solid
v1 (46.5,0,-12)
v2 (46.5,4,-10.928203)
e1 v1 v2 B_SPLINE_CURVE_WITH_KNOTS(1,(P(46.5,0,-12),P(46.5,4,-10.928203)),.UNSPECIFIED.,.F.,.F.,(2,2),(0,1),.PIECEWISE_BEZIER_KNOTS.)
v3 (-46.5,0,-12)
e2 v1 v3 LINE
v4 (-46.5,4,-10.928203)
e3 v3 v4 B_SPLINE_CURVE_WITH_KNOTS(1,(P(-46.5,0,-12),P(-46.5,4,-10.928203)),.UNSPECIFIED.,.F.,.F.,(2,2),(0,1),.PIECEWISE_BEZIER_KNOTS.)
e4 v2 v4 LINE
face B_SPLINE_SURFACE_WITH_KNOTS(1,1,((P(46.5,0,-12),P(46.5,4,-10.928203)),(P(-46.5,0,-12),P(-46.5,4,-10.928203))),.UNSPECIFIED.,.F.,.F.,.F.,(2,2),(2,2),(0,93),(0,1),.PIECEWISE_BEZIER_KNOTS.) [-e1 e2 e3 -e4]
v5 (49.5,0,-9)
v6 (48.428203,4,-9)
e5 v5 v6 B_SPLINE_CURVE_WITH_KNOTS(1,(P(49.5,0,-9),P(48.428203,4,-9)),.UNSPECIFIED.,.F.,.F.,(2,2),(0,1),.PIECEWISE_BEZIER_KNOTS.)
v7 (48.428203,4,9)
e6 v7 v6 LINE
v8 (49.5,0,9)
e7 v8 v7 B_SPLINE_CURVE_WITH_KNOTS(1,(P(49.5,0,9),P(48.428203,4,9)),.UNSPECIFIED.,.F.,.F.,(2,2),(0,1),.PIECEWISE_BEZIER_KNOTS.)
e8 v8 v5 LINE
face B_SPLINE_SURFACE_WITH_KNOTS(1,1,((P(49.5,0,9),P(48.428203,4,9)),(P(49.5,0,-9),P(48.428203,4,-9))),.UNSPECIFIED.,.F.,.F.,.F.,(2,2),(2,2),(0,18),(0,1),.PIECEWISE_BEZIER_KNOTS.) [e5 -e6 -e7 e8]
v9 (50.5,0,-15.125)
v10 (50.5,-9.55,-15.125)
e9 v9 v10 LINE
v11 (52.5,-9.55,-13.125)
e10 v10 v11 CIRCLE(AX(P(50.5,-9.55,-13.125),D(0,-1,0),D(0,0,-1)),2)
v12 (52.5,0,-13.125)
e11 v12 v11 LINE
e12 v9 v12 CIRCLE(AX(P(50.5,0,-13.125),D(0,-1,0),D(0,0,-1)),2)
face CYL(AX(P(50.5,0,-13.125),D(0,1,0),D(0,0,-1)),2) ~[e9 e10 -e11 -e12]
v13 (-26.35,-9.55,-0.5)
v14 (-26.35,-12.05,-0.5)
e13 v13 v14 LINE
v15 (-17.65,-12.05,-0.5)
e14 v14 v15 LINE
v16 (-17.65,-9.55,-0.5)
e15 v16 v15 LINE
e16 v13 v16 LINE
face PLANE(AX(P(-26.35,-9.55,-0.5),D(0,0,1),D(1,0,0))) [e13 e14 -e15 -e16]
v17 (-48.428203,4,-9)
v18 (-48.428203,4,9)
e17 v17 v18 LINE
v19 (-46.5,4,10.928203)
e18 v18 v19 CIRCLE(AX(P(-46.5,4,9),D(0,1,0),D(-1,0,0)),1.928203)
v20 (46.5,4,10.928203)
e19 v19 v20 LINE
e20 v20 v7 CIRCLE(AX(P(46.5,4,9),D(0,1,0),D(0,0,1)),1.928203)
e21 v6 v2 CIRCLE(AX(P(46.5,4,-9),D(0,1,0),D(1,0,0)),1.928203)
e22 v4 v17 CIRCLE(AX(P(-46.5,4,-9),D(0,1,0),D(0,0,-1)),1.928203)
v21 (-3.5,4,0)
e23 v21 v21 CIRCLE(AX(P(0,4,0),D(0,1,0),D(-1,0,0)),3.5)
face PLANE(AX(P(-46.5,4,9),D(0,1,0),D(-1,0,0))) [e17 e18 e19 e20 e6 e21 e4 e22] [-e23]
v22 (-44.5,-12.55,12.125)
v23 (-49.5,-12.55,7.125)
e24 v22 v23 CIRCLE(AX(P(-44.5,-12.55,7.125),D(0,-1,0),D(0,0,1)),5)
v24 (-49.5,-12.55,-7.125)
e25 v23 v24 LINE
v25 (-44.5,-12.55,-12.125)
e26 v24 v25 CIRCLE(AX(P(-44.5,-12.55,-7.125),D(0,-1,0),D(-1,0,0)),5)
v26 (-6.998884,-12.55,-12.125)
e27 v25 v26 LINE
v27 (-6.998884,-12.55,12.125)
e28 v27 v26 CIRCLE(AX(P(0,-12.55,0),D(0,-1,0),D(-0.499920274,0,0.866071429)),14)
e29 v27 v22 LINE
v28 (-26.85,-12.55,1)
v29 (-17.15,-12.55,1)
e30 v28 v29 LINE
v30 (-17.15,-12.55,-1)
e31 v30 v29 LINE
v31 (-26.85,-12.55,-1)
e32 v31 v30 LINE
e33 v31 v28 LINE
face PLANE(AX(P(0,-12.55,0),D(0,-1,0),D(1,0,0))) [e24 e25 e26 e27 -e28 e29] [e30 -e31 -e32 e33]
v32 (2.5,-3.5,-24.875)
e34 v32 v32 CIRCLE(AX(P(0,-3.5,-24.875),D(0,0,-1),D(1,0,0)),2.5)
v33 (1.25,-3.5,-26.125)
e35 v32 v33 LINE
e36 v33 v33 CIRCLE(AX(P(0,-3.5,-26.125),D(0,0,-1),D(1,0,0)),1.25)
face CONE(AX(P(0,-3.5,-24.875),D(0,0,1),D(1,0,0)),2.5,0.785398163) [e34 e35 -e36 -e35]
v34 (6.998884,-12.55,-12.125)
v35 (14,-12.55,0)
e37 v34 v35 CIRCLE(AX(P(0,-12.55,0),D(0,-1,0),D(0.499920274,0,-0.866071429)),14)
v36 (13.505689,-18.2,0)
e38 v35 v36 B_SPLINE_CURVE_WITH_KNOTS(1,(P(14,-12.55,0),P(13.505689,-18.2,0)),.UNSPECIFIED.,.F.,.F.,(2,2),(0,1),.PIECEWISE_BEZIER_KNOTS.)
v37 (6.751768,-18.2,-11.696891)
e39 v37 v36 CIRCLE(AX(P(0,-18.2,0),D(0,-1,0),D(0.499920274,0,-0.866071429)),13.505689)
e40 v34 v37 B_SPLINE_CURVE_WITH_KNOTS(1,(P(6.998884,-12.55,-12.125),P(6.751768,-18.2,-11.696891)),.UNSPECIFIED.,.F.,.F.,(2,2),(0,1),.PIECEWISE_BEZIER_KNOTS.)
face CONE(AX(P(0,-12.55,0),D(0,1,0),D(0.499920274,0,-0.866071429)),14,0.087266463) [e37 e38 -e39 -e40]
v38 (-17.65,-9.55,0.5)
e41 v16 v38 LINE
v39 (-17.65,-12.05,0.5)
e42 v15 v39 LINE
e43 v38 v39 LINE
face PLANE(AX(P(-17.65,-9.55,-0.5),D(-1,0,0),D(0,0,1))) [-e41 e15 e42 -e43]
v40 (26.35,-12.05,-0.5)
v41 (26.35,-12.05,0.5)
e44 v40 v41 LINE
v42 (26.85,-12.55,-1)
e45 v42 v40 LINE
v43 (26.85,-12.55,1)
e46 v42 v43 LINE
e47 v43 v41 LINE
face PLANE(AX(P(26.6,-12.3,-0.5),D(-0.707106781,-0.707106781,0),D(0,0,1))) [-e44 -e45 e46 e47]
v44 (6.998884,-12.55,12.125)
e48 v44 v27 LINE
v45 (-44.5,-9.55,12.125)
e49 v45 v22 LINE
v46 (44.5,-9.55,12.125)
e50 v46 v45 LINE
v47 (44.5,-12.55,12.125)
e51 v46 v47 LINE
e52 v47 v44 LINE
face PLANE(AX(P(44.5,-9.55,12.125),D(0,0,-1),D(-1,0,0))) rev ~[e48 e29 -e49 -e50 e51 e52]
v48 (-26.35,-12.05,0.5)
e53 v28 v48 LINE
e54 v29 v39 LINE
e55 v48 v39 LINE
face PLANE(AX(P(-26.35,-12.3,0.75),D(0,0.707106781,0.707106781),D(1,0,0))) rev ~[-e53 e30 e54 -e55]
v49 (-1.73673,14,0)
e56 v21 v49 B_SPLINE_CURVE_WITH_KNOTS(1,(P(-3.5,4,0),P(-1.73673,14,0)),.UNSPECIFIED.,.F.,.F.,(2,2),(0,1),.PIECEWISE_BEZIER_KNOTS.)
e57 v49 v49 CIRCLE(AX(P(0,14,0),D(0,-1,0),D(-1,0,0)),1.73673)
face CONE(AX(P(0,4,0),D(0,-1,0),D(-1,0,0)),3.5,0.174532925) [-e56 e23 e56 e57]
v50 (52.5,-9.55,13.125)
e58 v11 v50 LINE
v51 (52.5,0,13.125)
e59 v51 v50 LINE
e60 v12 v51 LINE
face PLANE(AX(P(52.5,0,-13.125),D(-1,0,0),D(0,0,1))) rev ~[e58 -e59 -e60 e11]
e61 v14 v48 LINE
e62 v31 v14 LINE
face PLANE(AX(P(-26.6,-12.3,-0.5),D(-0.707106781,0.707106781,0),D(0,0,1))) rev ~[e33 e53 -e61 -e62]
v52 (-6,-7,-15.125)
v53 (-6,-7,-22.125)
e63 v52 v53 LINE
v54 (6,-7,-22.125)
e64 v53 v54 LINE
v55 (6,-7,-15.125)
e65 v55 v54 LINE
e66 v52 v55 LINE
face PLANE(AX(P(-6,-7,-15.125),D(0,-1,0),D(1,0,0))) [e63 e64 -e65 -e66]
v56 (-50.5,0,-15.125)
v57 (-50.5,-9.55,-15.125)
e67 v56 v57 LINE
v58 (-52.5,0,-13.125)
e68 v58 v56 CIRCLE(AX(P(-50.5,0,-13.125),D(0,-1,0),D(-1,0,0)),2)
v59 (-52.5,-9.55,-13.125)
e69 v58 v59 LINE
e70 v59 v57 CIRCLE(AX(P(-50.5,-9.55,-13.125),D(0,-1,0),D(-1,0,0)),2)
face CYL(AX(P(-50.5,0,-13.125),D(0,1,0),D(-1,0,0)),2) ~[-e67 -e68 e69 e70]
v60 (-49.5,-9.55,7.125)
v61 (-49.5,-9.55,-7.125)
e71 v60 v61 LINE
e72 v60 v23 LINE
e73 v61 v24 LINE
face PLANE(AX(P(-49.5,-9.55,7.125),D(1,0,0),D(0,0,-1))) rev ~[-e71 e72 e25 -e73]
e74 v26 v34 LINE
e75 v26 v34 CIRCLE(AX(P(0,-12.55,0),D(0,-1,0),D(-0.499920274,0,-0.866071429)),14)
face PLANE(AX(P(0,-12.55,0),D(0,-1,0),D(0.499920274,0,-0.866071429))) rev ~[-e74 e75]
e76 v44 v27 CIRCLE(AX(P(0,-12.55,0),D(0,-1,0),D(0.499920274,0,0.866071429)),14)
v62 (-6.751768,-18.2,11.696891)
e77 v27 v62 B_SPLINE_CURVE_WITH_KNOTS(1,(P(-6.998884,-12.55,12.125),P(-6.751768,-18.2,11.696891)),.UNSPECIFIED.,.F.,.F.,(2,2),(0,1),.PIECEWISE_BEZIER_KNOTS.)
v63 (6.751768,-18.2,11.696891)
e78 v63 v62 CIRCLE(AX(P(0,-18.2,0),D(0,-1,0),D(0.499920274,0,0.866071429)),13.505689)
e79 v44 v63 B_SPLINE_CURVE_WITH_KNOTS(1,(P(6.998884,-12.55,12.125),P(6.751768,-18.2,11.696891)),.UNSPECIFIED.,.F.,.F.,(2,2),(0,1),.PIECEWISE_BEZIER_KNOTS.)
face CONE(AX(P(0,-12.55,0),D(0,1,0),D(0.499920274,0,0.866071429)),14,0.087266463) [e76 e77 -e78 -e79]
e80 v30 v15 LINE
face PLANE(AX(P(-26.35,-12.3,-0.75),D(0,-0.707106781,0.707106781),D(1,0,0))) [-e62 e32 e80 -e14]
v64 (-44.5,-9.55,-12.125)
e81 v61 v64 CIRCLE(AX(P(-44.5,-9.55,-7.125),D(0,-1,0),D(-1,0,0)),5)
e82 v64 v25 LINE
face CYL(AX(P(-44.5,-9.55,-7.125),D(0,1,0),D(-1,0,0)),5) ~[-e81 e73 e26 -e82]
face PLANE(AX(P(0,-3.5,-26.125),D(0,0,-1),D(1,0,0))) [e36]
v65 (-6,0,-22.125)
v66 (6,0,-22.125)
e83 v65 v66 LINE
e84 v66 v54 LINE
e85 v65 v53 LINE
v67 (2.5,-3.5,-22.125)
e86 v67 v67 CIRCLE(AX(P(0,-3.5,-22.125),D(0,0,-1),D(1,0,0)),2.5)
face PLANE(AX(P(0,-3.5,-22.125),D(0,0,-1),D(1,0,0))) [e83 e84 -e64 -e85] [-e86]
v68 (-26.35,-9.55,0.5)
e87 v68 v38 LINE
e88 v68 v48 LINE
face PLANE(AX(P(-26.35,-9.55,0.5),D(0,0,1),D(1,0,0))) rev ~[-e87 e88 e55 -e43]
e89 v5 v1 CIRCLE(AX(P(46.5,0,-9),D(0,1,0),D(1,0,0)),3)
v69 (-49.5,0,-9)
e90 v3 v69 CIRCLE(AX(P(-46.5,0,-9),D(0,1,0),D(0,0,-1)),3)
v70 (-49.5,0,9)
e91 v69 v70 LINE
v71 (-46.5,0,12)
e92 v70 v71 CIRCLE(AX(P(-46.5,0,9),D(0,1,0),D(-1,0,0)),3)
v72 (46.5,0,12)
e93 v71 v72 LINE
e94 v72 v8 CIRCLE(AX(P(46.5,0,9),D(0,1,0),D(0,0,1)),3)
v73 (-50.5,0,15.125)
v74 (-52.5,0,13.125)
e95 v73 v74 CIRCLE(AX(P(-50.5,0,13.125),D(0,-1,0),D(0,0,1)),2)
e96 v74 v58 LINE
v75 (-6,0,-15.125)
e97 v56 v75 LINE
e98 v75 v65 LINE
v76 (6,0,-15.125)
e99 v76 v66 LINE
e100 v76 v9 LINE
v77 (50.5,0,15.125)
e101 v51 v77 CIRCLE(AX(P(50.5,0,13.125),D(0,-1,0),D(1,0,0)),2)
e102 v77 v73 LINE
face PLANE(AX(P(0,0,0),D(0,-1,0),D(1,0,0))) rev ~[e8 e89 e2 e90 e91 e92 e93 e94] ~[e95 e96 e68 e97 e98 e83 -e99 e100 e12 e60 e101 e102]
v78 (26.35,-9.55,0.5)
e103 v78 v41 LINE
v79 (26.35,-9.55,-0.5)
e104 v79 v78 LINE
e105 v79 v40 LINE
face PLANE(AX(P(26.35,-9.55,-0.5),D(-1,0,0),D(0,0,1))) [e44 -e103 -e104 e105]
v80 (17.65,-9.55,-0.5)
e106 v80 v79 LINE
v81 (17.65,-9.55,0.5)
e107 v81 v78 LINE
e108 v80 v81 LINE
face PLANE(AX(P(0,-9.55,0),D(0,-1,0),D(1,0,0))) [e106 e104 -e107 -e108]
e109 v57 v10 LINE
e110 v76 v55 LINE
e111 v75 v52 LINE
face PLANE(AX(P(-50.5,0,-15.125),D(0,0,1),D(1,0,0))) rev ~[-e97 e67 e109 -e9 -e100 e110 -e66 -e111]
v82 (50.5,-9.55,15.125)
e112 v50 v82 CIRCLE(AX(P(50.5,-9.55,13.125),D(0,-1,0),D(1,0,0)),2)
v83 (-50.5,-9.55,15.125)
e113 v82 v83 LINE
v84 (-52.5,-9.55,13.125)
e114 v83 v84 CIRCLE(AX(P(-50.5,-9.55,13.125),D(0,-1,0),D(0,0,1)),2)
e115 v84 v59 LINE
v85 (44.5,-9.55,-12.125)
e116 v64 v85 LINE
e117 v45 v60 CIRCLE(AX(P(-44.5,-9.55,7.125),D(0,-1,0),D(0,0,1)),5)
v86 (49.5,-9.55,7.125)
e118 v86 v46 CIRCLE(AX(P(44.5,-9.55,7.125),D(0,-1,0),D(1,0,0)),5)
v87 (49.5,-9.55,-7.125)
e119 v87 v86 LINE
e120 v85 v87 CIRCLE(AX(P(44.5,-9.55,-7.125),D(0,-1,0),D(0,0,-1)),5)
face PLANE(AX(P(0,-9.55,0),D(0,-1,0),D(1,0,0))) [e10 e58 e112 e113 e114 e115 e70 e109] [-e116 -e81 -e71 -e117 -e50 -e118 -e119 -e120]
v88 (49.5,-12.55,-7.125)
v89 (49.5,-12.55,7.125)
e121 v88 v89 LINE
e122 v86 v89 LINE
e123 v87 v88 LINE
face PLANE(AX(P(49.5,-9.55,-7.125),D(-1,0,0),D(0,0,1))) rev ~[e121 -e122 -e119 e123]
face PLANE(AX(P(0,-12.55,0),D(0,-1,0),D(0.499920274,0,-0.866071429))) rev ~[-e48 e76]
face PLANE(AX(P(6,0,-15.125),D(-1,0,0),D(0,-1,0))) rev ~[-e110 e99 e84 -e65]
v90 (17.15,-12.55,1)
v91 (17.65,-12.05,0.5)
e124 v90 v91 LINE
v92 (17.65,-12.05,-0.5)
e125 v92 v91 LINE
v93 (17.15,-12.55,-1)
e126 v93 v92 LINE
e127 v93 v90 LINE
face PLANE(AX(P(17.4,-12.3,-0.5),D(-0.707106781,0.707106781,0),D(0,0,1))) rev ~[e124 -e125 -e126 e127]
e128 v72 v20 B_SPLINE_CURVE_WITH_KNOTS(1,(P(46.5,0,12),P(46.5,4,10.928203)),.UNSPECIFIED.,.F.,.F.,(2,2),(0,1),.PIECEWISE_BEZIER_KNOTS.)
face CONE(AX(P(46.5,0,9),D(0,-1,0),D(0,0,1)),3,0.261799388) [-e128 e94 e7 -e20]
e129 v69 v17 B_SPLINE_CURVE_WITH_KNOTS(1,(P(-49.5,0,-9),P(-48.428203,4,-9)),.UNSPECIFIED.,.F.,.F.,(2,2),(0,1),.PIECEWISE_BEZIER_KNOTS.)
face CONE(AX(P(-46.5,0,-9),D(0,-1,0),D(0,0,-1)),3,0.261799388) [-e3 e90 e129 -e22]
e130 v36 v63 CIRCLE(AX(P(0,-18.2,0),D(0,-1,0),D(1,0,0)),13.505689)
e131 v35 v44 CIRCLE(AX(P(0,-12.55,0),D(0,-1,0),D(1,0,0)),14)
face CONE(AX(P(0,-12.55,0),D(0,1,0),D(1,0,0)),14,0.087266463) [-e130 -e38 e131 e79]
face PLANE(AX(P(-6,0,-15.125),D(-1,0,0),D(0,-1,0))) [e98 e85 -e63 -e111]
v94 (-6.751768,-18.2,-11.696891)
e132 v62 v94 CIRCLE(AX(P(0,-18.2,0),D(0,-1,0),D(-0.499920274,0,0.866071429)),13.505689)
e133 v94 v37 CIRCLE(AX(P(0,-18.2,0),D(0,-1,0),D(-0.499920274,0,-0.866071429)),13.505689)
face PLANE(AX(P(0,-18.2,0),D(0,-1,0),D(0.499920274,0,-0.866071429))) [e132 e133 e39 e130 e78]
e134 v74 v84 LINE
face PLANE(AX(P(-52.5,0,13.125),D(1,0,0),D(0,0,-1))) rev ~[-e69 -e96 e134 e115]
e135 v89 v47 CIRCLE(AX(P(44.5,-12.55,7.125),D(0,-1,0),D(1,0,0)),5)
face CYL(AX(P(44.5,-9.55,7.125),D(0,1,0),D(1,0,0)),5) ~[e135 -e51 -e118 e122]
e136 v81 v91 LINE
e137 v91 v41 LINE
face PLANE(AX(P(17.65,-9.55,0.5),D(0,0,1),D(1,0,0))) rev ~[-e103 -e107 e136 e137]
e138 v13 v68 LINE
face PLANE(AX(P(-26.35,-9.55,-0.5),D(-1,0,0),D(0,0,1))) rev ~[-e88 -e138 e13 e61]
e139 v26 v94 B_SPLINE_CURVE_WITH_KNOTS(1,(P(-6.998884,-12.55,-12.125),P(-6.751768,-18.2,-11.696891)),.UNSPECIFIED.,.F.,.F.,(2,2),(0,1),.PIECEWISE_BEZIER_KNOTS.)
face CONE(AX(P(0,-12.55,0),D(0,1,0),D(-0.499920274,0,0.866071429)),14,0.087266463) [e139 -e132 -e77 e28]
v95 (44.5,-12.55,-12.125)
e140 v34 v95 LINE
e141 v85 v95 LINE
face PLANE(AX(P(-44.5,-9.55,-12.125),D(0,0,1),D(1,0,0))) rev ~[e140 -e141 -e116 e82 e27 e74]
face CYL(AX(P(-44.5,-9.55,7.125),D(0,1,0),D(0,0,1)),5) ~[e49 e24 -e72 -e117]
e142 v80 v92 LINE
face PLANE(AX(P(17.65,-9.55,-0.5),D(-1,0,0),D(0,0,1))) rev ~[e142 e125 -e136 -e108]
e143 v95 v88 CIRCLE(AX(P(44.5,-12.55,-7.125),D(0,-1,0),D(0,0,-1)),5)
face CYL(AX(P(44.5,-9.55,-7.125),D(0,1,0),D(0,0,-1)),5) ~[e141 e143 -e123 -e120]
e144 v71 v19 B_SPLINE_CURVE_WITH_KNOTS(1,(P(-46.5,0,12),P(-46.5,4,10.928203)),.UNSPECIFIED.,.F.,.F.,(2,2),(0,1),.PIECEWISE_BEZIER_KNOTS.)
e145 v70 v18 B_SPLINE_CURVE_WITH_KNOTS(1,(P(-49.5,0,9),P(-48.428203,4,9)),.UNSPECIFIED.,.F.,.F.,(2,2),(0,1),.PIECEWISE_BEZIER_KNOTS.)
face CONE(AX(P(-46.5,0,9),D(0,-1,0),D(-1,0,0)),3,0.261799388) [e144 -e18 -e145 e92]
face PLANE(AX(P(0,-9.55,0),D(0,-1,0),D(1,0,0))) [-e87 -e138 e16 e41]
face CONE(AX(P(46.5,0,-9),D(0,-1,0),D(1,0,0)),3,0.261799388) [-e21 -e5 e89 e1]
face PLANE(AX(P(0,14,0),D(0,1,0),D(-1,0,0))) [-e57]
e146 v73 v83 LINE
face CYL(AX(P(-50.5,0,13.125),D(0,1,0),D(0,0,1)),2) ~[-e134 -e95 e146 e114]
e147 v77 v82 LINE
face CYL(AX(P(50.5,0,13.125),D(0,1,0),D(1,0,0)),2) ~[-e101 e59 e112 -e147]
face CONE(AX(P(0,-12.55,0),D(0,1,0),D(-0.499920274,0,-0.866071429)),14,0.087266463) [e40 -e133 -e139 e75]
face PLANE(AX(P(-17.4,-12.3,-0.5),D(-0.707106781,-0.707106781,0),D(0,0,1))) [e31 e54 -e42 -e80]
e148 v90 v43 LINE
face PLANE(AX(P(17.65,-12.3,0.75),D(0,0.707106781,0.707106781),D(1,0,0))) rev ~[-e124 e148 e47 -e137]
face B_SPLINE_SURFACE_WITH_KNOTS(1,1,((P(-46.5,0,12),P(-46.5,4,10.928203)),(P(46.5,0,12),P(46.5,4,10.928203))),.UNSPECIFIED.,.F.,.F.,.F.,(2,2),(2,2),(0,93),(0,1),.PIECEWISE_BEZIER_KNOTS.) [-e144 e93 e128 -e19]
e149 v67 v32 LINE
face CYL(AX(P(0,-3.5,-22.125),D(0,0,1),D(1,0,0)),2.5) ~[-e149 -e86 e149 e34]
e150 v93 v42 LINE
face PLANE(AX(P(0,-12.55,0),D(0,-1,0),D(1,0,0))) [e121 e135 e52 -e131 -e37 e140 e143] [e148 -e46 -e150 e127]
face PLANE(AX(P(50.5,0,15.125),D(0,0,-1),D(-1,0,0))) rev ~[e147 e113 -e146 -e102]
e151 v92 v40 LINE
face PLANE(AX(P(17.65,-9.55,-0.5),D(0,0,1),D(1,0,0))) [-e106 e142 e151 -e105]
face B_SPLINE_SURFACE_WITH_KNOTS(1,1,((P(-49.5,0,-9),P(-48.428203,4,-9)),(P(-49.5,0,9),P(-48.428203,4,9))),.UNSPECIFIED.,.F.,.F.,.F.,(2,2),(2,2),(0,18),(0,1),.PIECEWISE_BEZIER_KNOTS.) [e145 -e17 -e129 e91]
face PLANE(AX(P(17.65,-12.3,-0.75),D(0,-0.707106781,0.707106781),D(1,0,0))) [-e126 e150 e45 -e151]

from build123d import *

# Parameters (mm, degrees)
F1_DEPTH  = 9.55
F2_W      = 8.7
F2_H      = 1
F3_DEPTH  = 3
F4_SIZE   = 0.5
F6_DEPTH  = 5.65
F6_TAPER  = 5
F8_DEPTH  = 4
F8_TAPER  = 15
F9_W      = 12
F9_H      = 7
F10_DEPTH = 7
F11_R     = 3.5
F12_DEPTH = 10
F12_TAPER = 10
F13_R     = 2.5
F14_DEPTH = 4
F15_SIZE  = 1.25


with BuildPart() as f1:
    # F0 (on Front) → F1 (new body)
    with BuildSketch(Plane.XZ):
        with BuildLine():
            Line((50.5, 15.125), (-50.5, 15.125))
            ThreePointArc((-50.5, 15.125), (-51.9142135624, 14.5392135624), (-52.5, 13.125))
            Line((-52.5, 13.125), (-52.5, -13.125))
            ThreePointArc((-52.5, -13.125), (-51.9142135624, -14.5392135624), (-50.5, -15.125))
            Line((-50.5, -15.125), (50.5, -15.125))
            ThreePointArc((50.5, -15.125), (51.9142135624, -14.5392135624), (52.5, -13.125))
            Line((52.5, -13.125), (52.5, 13.125))
            ThreePointArc((52.5, 13.125), (51.9142135624, 14.5392135624), (50.5, 15.125))
        make_face()
    extrude(amount=F1_DEPTH)

    # F2 (on face) → F3 (join)
    with BuildSketch(Plane.XZ.offset(9.55)):
        with BuildLine():
            Line((44.5, 12.125), (-44.5, 12.125))
            ThreePointArc((-44.5, 12.125), (-48.0355339059, 10.6605339059), (-49.5, 7.125))
            Line((-49.5, 7.125), (-49.5, -7.125))
            ThreePointArc((-49.5, -7.125), (-48.0355339059, -10.6605339059), (-44.5, -12.125))
            Line((-44.5, -12.125), (44.5, -12.125))
            ThreePointArc((44.5, -12.125), (48.0355339059, -10.6605339059), (49.5, -7.125))
            Line((49.5, -7.125), (49.5, 7.125))
            ThreePointArc((49.5, 7.125), (48.0355339059, 10.6605339059), (44.5, 12.125))
        make_face()
        with Locations((-22, 0)):
            Rectangle(F2_W, F2_H, mode=Mode.SUBTRACT)
        with Locations((22, 0)):
            Rectangle(F2_W, F2_H, mode=Mode.SUBTRACT)
    extrude(amount=F3_DEPTH)

    # F4
    f4_edges = [f1.edges().sort_by_distance(p)[0] for p in [
        (-22, -12.55, 0.5),
        (-17.65, -12.55, 0),
        (-22, -12.55, -0.5),
        (-26.35, -12.55, 0),
        (22, -12.55, -0.5),
        (17.65, -12.55, 0),
        (22, -12.55, 0.5),
        (26.35, -12.55, 0),
    ]]
    chamfer(f4_edges, length=F4_SIZE)

    # F5 (on face) → F6 (join)
    with BuildSketch(Plane.XZ.offset(12.55)):
        with BuildLine():
            ThreePointArc((6.9988838396, -12.125), (12.1240334409, -7.000558058), (14, 0))
            ThreePointArc((14, 0), (12.1240334409, 7.000558058), (6.9988838396, 12.125))
            Line((6.9988838396, 12.125), (-6.9988838396, 12.125))
            ThreePointArc((-6.9988838396, 12.125), (-14, 0), (-6.9988838396, -12.125))
            Line((-6.9988838396, -12.125), (6.9988838396, -12.125))
        make_face()
        with BuildLine():
            Line((-6.9988838396, 12.125), (6.9988838396, 12.125))
            ThreePointArc((6.9988838396, 12.125), (0, 14), (-6.9988838396, 12.125))
        make_face()
        with BuildLine():
            ThreePointArc((-6.9988838396, -12.125), (0, -14), (6.9988838396, -12.125))
            Line((6.9988838396, -12.125), (-6.9988838396, -12.125))
        make_face()
    extrude(amount=F6_DEPTH, taper=F6_TAPER)

    # F7 (on face) → F8 (join)
    with BuildSketch(Plane(origin=(0, 0, 0), x_dir=(-1, 0, 0), z_dir=(0, 1, 0))):
        with BuildLine():
            ThreePointArc((49.5, 9), (48.6213203436, 11.1213203436), (46.5, 12))
            Line((46.5, 12), (-46.5, 12))
            ThreePointArc((-46.5, 12), (-48.6213203436, 11.1213203436), (-49.5, 9))
            Line((-49.5, 9), (-49.5, -9))
            ThreePointArc((-49.5, -9), (-48.6213203436, -11.1213203436), (-46.5, -12))
            Line((-46.5, -12), (46.5, -12))
            ThreePointArc((46.5, -12), (48.6213203436, -11.1213203436), (49.5, -9))
            Line((49.5, -9), (49.5, 9))
        make_face()
    extrude(amount=F8_DEPTH, taper=F8_TAPER)

    # F9 (on face) → F10 (join)
    with BuildSketch(Plane(origin=(0, 0, -15.125), x_dir=(1, 0, 0), z_dir=(0, 0, -1))):
        with Locations((0, 3.5)):
            Rectangle(F9_W, F9_H)
    extrude(amount=F10_DEPTH)

    # F11 (on face) → F12 (join)
    with BuildSketch(Plane(origin=(0, 4, 0), x_dir=(-1, 0, 0), z_dir=(0, 1, 0))):
        Circle(F11_R)
    extrude(amount=F12_DEPTH, taper=F12_TAPER)

    # F13 (on face) → F14 (join)
    with BuildSketch(Plane(origin=(0, 0, -22.125), x_dir=(1, 0, 0), z_dir=(0, 0, -1))):
        with Locations((0, 3.5)):
            Circle(F13_R)
    extrude(amount=F14_DEPTH)

    # F15
    f15_edges = [f1.edges().sort_by_distance(p)[0] for p in [
        (-2.5, -3.5, -26.125),
    ]]
    chamfer(f15_edges, length=F15_SIZE)


solid = f1.part
